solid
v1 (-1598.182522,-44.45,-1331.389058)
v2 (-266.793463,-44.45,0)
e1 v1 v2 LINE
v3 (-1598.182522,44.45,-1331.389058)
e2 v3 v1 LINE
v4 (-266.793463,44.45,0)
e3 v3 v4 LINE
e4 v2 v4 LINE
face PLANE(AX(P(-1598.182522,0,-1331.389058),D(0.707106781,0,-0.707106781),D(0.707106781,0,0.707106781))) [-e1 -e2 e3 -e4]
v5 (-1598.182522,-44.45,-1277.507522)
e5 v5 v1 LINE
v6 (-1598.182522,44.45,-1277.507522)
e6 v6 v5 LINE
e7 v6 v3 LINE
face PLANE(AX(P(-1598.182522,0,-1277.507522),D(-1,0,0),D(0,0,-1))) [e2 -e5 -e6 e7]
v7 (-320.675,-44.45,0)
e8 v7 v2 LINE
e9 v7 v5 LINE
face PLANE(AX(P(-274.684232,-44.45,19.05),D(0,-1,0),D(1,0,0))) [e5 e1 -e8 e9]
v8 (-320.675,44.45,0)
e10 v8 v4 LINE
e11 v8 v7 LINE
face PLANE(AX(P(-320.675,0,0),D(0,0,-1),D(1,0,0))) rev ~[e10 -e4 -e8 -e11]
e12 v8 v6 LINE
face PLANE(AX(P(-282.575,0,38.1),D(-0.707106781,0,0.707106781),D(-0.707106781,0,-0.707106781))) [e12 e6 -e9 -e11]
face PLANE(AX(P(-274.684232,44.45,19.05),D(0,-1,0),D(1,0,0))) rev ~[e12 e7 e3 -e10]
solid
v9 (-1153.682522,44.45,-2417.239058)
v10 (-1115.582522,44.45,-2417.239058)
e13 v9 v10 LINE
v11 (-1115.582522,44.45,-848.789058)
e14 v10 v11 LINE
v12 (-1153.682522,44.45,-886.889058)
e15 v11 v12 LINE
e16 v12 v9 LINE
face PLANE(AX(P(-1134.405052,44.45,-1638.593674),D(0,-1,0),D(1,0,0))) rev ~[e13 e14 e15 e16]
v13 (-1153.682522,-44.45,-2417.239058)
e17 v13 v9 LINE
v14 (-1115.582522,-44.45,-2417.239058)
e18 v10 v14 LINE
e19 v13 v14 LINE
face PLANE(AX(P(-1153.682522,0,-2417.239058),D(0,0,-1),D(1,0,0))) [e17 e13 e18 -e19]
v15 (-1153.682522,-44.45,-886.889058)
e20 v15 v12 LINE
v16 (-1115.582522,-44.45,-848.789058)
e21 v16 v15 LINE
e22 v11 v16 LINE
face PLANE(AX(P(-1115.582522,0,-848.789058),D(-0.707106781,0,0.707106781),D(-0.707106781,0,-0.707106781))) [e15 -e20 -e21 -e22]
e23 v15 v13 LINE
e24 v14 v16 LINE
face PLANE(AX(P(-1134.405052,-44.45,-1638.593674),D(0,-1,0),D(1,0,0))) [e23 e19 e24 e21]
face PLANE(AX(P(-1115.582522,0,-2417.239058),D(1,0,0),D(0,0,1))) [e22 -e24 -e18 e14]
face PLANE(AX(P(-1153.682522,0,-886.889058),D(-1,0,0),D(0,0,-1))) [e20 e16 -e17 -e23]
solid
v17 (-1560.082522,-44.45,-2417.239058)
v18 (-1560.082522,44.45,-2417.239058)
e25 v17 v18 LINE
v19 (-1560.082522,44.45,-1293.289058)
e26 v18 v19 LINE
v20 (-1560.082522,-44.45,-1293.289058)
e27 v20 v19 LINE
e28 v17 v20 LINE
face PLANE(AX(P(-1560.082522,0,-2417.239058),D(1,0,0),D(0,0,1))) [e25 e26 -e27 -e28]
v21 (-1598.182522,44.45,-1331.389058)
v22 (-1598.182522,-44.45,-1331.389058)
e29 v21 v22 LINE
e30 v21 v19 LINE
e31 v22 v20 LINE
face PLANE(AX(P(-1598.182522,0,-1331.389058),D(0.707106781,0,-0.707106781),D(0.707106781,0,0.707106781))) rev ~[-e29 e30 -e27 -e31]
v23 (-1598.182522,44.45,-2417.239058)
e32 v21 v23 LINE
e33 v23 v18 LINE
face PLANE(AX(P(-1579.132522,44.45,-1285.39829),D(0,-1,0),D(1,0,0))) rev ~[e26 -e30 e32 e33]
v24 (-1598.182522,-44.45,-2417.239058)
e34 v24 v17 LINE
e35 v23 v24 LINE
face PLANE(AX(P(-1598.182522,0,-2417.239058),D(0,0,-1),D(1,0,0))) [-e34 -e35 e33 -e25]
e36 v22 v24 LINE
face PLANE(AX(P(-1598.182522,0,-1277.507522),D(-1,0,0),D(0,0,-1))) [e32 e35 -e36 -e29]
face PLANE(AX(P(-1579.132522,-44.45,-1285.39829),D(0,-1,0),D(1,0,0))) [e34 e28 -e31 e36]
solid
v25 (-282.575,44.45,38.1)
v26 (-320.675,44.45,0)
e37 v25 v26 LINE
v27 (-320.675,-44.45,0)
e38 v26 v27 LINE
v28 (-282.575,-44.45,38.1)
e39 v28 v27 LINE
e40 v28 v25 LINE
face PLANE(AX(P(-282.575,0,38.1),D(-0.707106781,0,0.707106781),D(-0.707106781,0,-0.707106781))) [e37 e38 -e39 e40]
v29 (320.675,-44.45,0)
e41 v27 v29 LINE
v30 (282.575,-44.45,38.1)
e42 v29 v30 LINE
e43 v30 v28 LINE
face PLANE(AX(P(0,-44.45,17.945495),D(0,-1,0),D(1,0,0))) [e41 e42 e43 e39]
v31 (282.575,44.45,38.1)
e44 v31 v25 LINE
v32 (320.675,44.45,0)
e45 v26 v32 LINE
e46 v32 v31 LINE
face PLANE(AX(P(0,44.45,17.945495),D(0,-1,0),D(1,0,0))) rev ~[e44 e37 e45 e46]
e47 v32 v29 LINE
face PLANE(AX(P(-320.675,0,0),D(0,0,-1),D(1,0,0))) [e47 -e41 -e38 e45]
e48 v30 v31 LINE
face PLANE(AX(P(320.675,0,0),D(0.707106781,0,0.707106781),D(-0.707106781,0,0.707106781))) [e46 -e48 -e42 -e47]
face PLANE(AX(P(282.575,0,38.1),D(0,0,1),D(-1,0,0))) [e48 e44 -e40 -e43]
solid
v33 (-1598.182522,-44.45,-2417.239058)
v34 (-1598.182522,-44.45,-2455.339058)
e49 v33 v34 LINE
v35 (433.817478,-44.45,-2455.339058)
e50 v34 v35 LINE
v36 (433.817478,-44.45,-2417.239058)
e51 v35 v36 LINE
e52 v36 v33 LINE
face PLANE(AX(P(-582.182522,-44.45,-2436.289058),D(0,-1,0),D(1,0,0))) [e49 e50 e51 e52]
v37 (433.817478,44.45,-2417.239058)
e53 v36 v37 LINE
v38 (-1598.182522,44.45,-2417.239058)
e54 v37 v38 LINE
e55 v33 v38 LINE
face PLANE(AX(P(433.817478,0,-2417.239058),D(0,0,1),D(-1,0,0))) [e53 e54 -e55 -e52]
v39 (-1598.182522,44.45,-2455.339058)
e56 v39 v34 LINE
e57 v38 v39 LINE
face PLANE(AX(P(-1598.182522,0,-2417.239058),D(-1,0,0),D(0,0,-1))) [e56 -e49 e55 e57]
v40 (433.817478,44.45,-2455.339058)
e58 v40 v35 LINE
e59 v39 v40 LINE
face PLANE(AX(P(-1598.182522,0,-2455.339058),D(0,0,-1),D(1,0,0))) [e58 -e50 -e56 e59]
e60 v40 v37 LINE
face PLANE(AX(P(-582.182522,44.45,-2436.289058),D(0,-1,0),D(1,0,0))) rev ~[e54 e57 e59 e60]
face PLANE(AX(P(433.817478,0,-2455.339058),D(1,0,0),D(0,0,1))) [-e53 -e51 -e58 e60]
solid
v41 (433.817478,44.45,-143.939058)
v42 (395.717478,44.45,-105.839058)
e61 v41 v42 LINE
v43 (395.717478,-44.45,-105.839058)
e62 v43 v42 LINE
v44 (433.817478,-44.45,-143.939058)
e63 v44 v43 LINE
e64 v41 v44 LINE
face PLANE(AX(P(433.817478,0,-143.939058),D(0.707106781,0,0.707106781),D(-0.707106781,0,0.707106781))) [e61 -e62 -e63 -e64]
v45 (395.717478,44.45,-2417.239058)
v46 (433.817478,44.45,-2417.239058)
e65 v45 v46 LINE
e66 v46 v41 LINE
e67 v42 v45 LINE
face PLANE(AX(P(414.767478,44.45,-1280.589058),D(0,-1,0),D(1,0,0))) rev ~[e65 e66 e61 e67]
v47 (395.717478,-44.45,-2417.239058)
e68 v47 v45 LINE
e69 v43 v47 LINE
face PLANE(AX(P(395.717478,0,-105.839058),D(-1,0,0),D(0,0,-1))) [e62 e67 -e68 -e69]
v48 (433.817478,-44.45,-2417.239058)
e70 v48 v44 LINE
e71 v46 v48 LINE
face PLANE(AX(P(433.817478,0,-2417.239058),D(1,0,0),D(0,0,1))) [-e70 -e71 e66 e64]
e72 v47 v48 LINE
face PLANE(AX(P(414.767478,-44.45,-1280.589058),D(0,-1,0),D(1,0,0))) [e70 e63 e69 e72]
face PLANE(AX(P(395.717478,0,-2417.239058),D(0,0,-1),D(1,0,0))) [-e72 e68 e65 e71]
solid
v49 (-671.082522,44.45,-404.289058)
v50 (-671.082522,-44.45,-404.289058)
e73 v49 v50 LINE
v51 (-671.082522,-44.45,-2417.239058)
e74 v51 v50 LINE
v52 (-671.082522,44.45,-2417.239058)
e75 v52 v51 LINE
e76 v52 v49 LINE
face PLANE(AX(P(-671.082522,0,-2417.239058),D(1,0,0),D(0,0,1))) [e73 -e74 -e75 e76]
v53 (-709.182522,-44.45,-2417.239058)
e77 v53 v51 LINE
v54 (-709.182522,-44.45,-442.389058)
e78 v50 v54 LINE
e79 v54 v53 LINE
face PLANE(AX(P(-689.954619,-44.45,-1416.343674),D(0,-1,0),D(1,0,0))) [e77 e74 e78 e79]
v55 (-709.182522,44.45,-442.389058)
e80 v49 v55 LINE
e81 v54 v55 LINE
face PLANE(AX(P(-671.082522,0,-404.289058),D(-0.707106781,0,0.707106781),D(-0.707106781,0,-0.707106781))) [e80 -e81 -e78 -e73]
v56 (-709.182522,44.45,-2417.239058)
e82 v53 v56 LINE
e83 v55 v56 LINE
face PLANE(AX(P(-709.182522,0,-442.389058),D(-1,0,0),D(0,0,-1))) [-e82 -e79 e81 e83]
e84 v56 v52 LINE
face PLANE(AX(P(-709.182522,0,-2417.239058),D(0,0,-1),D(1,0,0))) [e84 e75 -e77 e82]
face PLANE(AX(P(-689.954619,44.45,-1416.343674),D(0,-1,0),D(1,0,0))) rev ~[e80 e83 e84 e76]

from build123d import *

# Parameters (mm, degrees)
F1_DEPTH  = 44.45
F3_DEPTH  = 44.45
F5_DEPTH  = 44.45
F7_DEPTH  = 44.45
F10_W     = 38.1
F10_H     = 2273.3
F11_DEPTH = 44.45
F13_DEPTH = 44.45
F15_DEPTH = 44.45


with BuildPart() as f1:
    # F0 (on Front) → F1 (new body, symmetric)
    with BuildSketch(Plane.XZ):
        Polygon((-282.575, 38.1), (-320.675, 0), (320.675, 0), (282.575, 38.1), align=None)
    extrude(amount=F1_DEPTH, both=True)


with BuildPart() as f3:
    # F2 (on Front) → F3 (new body, symmetric)
    with BuildSketch(Plane.XZ):
        Polygon((-282.575, 38.1), (-320.675, 0), (-266.7934632736, 0), (-228.6934632736, 38.1), align=None)
        Polygon((-266.7934632736, 0), (-320.675, 0), (-1598.1825217366, -1277.5075217366), (-1598.1825217366, -1331.389058463), align=None)
    extrude(amount=F3_DEPTH, both=True)

    # F8: cut F1
    add(f1.part, mode=Mode.SUBTRACT)


with BuildPart() as f5:
    # F4 (on Front) → F5 (new body, symmetric)
    with BuildSketch(Plane.XZ):
        Polygon((-1560.0825217366, -1239.4075217366), (-1598.1825217366, -1277.5075217366), (-1598.1825217366, -1331.389058463), (-1560.0825217366, -1293.289058463), align=None)
        Polygon((-1560.0825217366, -1293.289058463), (-1598.1825217366, -1331.389058463), (-1598.1825217366, -2417.239058463), (-1560.0825217366, -2417.239058463), align=None)
    extrude(amount=F5_DEPTH, both=True)

    # F9: cut F3
    add(f3.part, mode=Mode.SUBTRACT)


with BuildPart() as f7:
    # F6 (on Front) → F7 (new body, symmetric)
    with BuildSketch(Plane.XZ):
        Polygon((-1560.0825217366, -2417.239058463), (-1598.1825217366, -2417.239058463), (-1598.1825217366, -2455.339058463), (433.8174782634, -2455.339058463), (433.8174782634, -2417.239058463), align=None)
    extrude(amount=F7_DEPTH, both=True)


with BuildPart() as f11:
    # F10 (on Front) → F11 (new body, symmetric)
    with BuildSketch(Plane.XZ):
        with Locations((414.7674782634, -1280.589058463)):
            Rectangle(F10_W, F10_H)
        Polygon((395.7174782634, -143.939058463), (433.8174782634, -143.939058463), (395.7174782634, -105.839058463), align=None)
    extrude(amount=F11_DEPTH, both=True)


with BuildPart() as f13:
    # F12 (on Front) → F13 (new body, symmetric)
    with BuildSketch(Plane.XZ):
        Polygon((-1153.6825217366, -2417.239058463), (-1115.5825217366, -2417.239058463), (-1115.5825217366, -848.789058463), (-1153.6825217366, -886.889058463), align=None)
    extrude(amount=F13_DEPTH, both=True)


with BuildPart() as f15:
    # F14 (on Front) → F15 (new body, symmetric)
    with BuildSketch(Plane.XZ):
        Polygon((-709.1825217366, -2417.239058463), (-671.0825217366, -2417.239058463), (-671.0825217366, -404.289058463), (-709.1825217366, -442.389058463), align=None)
    extrude(amount=F15_DEPTH, both=True)


solid = Compound([f1.part, f3.part, f5.part, f7.part, f11.part, f13.part, f15.part])
